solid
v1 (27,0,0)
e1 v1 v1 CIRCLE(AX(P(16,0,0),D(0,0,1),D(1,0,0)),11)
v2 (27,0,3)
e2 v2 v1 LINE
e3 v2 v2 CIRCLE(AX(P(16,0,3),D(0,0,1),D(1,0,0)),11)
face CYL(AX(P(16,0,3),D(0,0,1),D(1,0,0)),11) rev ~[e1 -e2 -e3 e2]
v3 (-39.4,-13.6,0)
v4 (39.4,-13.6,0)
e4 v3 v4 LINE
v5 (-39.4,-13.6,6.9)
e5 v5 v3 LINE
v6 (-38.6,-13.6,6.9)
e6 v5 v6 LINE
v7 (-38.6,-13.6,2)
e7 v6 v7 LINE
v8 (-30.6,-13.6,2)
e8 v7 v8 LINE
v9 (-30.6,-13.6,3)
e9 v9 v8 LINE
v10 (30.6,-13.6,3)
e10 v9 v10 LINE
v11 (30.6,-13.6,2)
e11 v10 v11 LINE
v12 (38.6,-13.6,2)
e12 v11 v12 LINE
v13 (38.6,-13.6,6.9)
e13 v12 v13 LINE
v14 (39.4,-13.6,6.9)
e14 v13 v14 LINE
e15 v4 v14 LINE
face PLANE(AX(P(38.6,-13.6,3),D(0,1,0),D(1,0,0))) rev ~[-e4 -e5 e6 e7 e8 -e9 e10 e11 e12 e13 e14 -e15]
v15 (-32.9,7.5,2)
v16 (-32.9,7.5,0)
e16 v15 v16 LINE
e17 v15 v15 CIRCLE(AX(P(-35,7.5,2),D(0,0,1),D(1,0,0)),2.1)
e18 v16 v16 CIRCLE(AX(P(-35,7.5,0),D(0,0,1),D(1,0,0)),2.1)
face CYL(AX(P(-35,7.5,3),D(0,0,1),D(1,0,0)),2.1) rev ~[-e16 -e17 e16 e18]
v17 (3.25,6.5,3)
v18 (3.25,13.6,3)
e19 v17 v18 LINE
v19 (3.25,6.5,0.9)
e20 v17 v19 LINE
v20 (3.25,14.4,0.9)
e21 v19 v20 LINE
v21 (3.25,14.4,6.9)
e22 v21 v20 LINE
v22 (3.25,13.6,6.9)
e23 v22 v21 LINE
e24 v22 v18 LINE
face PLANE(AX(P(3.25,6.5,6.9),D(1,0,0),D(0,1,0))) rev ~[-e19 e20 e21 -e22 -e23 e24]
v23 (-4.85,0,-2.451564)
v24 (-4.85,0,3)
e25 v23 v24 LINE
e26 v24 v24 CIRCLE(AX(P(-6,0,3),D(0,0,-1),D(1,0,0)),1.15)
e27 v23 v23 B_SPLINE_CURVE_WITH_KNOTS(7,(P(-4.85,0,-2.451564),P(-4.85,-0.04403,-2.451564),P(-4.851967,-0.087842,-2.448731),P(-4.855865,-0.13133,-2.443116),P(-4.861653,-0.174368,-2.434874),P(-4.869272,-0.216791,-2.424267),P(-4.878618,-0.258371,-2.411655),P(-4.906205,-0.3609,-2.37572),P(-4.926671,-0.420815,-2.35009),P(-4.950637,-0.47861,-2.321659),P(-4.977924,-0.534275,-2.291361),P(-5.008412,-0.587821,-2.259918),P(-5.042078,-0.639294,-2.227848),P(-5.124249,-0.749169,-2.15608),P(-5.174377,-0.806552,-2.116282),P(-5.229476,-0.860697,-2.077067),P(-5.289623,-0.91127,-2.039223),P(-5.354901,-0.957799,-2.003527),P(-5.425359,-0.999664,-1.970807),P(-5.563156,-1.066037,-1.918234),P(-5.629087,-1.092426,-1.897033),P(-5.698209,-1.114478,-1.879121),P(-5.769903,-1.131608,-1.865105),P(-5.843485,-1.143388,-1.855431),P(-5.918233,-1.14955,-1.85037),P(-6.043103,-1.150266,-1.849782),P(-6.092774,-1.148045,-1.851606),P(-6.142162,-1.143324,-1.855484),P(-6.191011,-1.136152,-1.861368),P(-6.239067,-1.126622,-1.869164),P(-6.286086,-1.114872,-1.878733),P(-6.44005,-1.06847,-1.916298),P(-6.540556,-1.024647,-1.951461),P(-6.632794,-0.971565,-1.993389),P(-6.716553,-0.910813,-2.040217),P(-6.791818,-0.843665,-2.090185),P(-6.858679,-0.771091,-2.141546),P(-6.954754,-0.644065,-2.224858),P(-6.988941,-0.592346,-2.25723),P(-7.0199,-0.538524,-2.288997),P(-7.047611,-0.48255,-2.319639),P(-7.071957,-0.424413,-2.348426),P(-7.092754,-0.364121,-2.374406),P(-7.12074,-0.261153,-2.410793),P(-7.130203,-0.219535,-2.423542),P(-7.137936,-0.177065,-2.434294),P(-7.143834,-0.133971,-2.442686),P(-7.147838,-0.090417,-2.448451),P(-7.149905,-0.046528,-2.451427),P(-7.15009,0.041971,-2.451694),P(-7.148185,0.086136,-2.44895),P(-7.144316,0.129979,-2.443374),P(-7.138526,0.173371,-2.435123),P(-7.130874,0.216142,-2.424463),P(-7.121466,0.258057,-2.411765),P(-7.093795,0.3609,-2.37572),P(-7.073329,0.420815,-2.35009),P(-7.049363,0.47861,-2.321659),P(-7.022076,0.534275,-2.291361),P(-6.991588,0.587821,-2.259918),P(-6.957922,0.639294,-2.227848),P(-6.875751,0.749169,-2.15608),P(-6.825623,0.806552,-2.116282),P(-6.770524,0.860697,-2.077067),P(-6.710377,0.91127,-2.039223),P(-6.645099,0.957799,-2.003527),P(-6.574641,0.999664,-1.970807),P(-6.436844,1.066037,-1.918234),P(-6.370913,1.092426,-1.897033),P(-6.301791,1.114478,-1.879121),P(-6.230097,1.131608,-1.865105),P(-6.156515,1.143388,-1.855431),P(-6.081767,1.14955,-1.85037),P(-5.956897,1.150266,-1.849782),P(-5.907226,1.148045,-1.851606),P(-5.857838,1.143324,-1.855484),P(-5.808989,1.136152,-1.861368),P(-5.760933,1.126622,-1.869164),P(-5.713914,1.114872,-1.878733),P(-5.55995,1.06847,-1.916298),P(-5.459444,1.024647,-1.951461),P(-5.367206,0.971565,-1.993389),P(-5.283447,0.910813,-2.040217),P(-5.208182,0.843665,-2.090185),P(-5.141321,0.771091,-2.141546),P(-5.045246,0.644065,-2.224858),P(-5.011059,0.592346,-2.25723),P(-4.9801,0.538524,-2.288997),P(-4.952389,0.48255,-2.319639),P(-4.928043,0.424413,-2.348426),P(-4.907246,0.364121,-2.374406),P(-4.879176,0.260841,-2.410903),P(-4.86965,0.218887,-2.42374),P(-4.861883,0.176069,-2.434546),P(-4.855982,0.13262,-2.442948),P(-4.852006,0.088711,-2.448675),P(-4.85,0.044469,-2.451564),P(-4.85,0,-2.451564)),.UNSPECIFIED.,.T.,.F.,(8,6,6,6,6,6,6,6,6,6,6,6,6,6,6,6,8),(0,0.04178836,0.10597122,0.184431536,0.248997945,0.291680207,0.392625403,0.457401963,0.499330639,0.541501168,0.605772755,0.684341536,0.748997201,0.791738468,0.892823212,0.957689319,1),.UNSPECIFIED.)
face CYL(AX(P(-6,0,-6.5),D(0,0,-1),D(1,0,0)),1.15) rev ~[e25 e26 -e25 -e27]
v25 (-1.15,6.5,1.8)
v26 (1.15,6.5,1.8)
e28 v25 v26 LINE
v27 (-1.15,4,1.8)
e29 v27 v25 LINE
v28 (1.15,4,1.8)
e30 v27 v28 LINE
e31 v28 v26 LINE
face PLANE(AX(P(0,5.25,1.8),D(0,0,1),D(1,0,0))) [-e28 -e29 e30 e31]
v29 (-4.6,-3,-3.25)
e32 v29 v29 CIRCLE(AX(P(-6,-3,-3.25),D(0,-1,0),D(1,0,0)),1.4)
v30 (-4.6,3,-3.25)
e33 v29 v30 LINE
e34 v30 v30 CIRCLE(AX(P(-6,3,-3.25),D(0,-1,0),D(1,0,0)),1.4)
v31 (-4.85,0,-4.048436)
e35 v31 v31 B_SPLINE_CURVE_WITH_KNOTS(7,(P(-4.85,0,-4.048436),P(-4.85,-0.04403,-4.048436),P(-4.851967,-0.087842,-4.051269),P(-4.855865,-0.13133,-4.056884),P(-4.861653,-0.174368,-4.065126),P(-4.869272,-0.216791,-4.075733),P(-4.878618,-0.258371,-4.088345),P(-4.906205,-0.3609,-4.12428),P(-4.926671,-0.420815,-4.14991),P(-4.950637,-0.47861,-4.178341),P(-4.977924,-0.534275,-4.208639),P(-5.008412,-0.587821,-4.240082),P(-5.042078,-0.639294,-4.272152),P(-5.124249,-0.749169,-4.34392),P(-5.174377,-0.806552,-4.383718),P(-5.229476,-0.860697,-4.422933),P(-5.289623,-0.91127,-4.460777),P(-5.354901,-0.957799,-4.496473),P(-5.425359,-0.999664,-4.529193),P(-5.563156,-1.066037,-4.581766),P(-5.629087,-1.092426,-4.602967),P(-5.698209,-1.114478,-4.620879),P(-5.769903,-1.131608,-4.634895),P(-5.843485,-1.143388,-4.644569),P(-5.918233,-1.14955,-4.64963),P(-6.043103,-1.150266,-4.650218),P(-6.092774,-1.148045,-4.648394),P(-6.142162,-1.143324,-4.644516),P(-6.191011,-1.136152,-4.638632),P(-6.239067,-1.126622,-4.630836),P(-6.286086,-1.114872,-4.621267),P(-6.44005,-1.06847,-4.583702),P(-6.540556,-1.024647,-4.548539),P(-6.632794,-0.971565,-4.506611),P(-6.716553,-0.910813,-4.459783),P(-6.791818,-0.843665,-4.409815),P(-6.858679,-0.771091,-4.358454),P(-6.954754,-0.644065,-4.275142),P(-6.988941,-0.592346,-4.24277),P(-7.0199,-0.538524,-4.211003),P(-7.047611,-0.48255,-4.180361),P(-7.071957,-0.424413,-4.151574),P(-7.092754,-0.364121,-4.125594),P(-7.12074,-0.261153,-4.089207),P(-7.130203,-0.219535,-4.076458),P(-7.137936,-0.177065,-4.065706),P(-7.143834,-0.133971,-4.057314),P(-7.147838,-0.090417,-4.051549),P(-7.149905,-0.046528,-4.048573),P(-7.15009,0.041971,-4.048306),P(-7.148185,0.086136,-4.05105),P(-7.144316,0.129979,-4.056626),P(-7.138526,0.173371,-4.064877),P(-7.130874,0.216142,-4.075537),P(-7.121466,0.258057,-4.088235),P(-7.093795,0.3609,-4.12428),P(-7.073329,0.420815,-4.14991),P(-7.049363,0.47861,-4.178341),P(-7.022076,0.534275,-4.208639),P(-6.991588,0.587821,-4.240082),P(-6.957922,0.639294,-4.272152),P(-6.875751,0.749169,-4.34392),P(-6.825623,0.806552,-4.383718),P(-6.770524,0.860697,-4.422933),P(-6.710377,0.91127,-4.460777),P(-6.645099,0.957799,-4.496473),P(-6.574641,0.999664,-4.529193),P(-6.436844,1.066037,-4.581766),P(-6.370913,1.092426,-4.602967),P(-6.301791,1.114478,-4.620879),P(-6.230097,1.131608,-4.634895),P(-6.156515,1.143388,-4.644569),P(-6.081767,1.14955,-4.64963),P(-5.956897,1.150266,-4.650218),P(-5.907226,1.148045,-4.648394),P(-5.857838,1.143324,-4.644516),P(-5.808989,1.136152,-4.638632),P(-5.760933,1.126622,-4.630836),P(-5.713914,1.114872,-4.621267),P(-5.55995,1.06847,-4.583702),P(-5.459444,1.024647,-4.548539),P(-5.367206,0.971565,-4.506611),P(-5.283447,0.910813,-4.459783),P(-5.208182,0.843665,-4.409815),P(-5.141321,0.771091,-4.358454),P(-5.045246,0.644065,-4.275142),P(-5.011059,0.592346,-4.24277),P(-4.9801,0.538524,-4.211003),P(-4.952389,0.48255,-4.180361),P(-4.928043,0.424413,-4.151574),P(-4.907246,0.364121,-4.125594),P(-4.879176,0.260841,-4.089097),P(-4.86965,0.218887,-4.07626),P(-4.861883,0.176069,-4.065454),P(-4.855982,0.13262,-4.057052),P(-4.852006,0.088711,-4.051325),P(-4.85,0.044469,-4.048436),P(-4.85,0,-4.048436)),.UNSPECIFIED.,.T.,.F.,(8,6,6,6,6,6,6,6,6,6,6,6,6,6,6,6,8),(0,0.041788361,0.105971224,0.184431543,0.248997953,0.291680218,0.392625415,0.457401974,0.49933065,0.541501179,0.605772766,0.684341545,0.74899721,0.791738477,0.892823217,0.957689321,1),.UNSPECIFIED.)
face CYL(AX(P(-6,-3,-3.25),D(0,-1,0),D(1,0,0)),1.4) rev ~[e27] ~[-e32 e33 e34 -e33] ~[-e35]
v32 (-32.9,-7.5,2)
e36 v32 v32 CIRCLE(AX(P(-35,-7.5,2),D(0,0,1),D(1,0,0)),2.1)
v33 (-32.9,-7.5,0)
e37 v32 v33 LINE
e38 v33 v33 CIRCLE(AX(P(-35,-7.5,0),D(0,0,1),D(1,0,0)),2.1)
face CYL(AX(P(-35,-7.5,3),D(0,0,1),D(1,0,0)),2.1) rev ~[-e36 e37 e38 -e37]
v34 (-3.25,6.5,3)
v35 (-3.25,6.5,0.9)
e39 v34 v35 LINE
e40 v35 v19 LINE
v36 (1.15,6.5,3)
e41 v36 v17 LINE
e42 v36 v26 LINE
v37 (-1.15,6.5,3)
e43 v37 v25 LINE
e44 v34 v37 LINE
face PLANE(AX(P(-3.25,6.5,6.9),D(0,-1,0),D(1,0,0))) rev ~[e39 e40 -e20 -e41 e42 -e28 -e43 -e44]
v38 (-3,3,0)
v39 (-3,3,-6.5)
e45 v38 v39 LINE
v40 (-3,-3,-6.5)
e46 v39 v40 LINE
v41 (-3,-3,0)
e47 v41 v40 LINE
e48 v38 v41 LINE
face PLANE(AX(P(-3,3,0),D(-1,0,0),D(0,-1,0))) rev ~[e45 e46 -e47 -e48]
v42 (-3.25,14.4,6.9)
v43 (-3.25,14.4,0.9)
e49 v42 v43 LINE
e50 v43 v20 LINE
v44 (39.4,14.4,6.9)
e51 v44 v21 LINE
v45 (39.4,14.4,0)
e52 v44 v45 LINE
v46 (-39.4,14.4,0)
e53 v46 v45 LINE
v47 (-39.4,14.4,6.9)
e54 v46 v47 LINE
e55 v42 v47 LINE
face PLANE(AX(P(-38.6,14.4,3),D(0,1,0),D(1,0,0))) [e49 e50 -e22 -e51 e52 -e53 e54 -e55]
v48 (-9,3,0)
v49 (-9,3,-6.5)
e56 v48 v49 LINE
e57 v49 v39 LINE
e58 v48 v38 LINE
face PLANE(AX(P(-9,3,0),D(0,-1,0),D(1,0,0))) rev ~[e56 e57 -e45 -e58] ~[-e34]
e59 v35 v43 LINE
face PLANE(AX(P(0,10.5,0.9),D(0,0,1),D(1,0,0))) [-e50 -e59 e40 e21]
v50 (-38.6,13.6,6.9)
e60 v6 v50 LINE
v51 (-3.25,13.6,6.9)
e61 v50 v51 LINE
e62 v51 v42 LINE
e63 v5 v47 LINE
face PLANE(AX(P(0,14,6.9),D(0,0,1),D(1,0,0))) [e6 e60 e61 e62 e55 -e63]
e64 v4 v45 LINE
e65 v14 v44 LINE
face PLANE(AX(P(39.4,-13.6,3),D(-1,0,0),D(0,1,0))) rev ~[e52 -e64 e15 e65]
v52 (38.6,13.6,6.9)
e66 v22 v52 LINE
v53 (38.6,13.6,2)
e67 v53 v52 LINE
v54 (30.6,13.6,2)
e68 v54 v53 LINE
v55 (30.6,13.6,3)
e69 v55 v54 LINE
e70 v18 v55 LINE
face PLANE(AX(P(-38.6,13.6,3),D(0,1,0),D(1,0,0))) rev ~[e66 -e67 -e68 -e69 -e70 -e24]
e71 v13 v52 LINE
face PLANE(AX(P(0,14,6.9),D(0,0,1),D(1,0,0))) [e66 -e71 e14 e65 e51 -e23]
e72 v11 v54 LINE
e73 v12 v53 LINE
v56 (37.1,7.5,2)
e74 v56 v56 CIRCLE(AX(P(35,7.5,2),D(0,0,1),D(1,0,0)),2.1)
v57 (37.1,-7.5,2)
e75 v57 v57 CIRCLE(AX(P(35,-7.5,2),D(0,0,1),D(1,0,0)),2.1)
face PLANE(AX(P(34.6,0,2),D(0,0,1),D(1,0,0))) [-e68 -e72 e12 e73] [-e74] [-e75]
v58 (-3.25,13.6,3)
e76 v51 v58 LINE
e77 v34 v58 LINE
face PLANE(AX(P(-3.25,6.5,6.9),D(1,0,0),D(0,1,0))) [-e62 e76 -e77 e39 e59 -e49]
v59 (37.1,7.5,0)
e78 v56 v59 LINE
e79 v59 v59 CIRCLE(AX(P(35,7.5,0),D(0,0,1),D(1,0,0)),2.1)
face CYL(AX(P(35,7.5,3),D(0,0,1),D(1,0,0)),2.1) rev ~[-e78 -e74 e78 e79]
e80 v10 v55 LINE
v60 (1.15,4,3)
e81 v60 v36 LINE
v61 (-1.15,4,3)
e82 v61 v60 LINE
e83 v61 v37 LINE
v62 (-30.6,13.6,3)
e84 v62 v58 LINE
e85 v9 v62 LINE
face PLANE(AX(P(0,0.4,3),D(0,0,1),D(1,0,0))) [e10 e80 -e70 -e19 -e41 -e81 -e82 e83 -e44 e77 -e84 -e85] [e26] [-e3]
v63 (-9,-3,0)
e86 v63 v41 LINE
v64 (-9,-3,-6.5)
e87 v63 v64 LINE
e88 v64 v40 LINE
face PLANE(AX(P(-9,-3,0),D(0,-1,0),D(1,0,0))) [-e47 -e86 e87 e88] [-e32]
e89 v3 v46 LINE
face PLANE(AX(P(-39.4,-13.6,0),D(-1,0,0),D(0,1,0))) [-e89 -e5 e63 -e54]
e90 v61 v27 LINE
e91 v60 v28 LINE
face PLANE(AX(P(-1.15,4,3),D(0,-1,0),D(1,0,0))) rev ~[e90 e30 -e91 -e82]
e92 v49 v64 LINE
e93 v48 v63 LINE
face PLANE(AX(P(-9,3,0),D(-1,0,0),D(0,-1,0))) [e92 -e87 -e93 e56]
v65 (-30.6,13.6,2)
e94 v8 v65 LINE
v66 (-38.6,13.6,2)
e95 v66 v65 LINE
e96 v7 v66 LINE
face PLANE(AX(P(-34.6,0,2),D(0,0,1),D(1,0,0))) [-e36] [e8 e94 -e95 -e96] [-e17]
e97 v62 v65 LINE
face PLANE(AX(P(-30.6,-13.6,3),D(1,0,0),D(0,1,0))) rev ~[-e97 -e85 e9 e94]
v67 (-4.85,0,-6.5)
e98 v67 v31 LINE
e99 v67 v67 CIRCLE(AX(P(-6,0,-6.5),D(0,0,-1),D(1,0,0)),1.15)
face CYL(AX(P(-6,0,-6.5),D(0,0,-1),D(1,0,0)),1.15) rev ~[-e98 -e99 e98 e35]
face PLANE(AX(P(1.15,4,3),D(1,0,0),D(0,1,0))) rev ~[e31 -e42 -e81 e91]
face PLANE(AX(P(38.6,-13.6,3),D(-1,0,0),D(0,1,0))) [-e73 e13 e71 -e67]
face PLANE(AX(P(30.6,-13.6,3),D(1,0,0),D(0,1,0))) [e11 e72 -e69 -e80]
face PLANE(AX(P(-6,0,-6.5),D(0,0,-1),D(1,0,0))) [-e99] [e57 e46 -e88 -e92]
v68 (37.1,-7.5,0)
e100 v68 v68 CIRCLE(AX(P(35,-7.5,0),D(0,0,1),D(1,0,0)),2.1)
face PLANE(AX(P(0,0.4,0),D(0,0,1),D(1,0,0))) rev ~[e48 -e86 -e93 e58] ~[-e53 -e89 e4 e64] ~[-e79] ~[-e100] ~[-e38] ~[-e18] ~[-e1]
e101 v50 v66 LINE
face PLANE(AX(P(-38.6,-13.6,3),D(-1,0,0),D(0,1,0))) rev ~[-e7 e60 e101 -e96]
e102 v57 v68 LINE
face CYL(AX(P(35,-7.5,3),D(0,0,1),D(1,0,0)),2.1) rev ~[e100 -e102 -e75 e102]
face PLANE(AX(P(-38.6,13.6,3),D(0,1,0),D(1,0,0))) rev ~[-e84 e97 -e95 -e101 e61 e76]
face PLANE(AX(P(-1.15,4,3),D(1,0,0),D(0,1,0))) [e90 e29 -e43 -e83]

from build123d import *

# Parameters (mm, degrees)
SKETCH_W        = 78.8
SKETCH_H        = 28
PAD_DEPTH       = 3
SKETCH001_R     = 11
POCKET_DEPTH    = 3.9
SKETCH002_W     = 0.8
SKETCH002_H     = 28
PAD001_DEPTH    = 3.9
SKETCH003_W     = 77.2
SKETCH003_H     = 0.8
PAD002_DEPTH    = 3.9
SKETCH004_W     = 8
SKETCH004_H     = 27.2
POCKET001_DEPTH = 1
SKETCH005_R     = 2.1
POCKET002_DEPTH = 5
SKETCH006_W     = 6
SKETCH006_H     = 6
PAD003_DEPTH    = 6.5
SKETCH007_R     = 1.15
POCKET003_DEPTH = 10
SKETCH008_R     = 1.4
POCKET004_DEPTH = 6
SKETCH009_W     = 2.3
SKETCH009_H     = 2.5
POCKET005_DEPTH = 1.2
SKETCH011_W     = 6.5
SKETCH011_H     = 8
POCKET006_DEPTH = 6


with BuildPart() as part:
    # Sketch → Pad (new body)
    with BuildSketch(Plane.XY):
        with Locations((0, 0.4)):
            Rectangle(SKETCH_W, SKETCH_H)
    extrude(amount=PAD_DEPTH)

    # Sketch001 (on Face6 of Pad) → Pocket (cut)
    with BuildSketch(Plane.XY.offset(3)):
        with Locations((16, 0)):
            Circle(SKETCH001_R)
    extrude(amount=-POCKET_DEPTH, mode=Mode.SUBTRACT)

    # Sketch002 (on Face5 of Pocket) → Pad001 (join)
    with BuildSketch(Plane.XY.offset(3)):
        with Locations((39, 0.4)):
            Rectangle(SKETCH002_W, SKETCH002_H)
        with Locations((-39, 0.4)):
            Rectangle(SKETCH002_W, SKETCH002_H)
    extrude(amount=PAD001_DEPTH)

    # Sketch003 (on Face6 of Pad001) → Pad002 (join)
    with BuildSketch(Plane.XY.offset(3)):
        with Locations((0, 14)):
            Rectangle(SKETCH003_W, SKETCH003_H)
    extrude(amount=PAD002_DEPTH)

    # Sketch004 (on Face16 of Pad002) → Pocket001 (cut)
    with BuildSketch(Plane.XY.offset(3)):
        with Locations((34.6, 0)):
            Rectangle(SKETCH004_W, SKETCH004_H)
        with Locations((-34.6, 0)):
            Rectangle(SKETCH004_W, SKETCH004_H)
    extrude(amount=-POCKET001_DEPTH, mode=Mode.SUBTRACT)

    # Sketch005 (on Face19 of Pocket001) → Pocket002 (cut)
    with BuildSketch(Plane.XY.offset(3)):
        with Locations((35, 7.5)):
            Circle(SKETCH005_R)
        with Locations((35, -7.5)):
            Circle(SKETCH005_R)
        with Locations((-35, 7.5)):
            Circle(SKETCH005_R)
        with Locations((-35, -7.5)):
            Circle(SKETCH005_R)
    extrude(amount=-POCKET002_DEPTH, mode=Mode.SUBTRACT)

    # Sketch006 (on Face4 of Pocket002) → Pad003 (join)
    with BuildSketch(Plane(origin=(0, 0, 0), x_dir=(1, 0, 0), z_dir=(0, 0, -1))):
        with Locations((-6, 0)):
            Rectangle(SKETCH006_W, SKETCH006_H)
    extrude(amount=PAD003_DEPTH)

    # Sketch007 (on Face32 of Pad003) → Pocket003 (cut)
    with BuildSketch(Plane(origin=(0, 0, -6.5), x_dir=(1, 0, 0), z_dir=(0, 0, -1))):
        with Locations((-6, 0)):
            Circle(SKETCH007_R)
    extrude(amount=-POCKET003_DEPTH, mode=Mode.SUBTRACT)

    # Sketch008 (on Face15 of Pocket003) → Pocket004 (cut)
    with BuildSketch(Plane.XZ.offset(3)):
        with Locations((-6, -3.25)):
            Circle(SKETCH008_R)
    extrude(amount=-POCKET004_DEPTH, mode=Mode.SUBTRACT)

    # Sketch009 (on Face27 of Pocket004) → Pocket005 (cut)
    with BuildSketch(Plane.XY.offset(3)):
        with Locations((0, 5.25)):
            Rectangle(SKETCH009_W, SKETCH009_H)
    extrude(amount=-POCKET005_DEPTH, mode=Mode.SUBTRACT)

    # Sketch011 (on Face21 of Pocket005) → Pocket006 (cut)
    with BuildSketch(Plane.XY.offset(6.9)):
        with Locations((0, 10.5)):
            Rectangle(SKETCH011_W, SKETCH011_H)
    extrude(amount=-POCKET006_DEPTH, mode=Mode.SUBTRACT)


solid = part.part
